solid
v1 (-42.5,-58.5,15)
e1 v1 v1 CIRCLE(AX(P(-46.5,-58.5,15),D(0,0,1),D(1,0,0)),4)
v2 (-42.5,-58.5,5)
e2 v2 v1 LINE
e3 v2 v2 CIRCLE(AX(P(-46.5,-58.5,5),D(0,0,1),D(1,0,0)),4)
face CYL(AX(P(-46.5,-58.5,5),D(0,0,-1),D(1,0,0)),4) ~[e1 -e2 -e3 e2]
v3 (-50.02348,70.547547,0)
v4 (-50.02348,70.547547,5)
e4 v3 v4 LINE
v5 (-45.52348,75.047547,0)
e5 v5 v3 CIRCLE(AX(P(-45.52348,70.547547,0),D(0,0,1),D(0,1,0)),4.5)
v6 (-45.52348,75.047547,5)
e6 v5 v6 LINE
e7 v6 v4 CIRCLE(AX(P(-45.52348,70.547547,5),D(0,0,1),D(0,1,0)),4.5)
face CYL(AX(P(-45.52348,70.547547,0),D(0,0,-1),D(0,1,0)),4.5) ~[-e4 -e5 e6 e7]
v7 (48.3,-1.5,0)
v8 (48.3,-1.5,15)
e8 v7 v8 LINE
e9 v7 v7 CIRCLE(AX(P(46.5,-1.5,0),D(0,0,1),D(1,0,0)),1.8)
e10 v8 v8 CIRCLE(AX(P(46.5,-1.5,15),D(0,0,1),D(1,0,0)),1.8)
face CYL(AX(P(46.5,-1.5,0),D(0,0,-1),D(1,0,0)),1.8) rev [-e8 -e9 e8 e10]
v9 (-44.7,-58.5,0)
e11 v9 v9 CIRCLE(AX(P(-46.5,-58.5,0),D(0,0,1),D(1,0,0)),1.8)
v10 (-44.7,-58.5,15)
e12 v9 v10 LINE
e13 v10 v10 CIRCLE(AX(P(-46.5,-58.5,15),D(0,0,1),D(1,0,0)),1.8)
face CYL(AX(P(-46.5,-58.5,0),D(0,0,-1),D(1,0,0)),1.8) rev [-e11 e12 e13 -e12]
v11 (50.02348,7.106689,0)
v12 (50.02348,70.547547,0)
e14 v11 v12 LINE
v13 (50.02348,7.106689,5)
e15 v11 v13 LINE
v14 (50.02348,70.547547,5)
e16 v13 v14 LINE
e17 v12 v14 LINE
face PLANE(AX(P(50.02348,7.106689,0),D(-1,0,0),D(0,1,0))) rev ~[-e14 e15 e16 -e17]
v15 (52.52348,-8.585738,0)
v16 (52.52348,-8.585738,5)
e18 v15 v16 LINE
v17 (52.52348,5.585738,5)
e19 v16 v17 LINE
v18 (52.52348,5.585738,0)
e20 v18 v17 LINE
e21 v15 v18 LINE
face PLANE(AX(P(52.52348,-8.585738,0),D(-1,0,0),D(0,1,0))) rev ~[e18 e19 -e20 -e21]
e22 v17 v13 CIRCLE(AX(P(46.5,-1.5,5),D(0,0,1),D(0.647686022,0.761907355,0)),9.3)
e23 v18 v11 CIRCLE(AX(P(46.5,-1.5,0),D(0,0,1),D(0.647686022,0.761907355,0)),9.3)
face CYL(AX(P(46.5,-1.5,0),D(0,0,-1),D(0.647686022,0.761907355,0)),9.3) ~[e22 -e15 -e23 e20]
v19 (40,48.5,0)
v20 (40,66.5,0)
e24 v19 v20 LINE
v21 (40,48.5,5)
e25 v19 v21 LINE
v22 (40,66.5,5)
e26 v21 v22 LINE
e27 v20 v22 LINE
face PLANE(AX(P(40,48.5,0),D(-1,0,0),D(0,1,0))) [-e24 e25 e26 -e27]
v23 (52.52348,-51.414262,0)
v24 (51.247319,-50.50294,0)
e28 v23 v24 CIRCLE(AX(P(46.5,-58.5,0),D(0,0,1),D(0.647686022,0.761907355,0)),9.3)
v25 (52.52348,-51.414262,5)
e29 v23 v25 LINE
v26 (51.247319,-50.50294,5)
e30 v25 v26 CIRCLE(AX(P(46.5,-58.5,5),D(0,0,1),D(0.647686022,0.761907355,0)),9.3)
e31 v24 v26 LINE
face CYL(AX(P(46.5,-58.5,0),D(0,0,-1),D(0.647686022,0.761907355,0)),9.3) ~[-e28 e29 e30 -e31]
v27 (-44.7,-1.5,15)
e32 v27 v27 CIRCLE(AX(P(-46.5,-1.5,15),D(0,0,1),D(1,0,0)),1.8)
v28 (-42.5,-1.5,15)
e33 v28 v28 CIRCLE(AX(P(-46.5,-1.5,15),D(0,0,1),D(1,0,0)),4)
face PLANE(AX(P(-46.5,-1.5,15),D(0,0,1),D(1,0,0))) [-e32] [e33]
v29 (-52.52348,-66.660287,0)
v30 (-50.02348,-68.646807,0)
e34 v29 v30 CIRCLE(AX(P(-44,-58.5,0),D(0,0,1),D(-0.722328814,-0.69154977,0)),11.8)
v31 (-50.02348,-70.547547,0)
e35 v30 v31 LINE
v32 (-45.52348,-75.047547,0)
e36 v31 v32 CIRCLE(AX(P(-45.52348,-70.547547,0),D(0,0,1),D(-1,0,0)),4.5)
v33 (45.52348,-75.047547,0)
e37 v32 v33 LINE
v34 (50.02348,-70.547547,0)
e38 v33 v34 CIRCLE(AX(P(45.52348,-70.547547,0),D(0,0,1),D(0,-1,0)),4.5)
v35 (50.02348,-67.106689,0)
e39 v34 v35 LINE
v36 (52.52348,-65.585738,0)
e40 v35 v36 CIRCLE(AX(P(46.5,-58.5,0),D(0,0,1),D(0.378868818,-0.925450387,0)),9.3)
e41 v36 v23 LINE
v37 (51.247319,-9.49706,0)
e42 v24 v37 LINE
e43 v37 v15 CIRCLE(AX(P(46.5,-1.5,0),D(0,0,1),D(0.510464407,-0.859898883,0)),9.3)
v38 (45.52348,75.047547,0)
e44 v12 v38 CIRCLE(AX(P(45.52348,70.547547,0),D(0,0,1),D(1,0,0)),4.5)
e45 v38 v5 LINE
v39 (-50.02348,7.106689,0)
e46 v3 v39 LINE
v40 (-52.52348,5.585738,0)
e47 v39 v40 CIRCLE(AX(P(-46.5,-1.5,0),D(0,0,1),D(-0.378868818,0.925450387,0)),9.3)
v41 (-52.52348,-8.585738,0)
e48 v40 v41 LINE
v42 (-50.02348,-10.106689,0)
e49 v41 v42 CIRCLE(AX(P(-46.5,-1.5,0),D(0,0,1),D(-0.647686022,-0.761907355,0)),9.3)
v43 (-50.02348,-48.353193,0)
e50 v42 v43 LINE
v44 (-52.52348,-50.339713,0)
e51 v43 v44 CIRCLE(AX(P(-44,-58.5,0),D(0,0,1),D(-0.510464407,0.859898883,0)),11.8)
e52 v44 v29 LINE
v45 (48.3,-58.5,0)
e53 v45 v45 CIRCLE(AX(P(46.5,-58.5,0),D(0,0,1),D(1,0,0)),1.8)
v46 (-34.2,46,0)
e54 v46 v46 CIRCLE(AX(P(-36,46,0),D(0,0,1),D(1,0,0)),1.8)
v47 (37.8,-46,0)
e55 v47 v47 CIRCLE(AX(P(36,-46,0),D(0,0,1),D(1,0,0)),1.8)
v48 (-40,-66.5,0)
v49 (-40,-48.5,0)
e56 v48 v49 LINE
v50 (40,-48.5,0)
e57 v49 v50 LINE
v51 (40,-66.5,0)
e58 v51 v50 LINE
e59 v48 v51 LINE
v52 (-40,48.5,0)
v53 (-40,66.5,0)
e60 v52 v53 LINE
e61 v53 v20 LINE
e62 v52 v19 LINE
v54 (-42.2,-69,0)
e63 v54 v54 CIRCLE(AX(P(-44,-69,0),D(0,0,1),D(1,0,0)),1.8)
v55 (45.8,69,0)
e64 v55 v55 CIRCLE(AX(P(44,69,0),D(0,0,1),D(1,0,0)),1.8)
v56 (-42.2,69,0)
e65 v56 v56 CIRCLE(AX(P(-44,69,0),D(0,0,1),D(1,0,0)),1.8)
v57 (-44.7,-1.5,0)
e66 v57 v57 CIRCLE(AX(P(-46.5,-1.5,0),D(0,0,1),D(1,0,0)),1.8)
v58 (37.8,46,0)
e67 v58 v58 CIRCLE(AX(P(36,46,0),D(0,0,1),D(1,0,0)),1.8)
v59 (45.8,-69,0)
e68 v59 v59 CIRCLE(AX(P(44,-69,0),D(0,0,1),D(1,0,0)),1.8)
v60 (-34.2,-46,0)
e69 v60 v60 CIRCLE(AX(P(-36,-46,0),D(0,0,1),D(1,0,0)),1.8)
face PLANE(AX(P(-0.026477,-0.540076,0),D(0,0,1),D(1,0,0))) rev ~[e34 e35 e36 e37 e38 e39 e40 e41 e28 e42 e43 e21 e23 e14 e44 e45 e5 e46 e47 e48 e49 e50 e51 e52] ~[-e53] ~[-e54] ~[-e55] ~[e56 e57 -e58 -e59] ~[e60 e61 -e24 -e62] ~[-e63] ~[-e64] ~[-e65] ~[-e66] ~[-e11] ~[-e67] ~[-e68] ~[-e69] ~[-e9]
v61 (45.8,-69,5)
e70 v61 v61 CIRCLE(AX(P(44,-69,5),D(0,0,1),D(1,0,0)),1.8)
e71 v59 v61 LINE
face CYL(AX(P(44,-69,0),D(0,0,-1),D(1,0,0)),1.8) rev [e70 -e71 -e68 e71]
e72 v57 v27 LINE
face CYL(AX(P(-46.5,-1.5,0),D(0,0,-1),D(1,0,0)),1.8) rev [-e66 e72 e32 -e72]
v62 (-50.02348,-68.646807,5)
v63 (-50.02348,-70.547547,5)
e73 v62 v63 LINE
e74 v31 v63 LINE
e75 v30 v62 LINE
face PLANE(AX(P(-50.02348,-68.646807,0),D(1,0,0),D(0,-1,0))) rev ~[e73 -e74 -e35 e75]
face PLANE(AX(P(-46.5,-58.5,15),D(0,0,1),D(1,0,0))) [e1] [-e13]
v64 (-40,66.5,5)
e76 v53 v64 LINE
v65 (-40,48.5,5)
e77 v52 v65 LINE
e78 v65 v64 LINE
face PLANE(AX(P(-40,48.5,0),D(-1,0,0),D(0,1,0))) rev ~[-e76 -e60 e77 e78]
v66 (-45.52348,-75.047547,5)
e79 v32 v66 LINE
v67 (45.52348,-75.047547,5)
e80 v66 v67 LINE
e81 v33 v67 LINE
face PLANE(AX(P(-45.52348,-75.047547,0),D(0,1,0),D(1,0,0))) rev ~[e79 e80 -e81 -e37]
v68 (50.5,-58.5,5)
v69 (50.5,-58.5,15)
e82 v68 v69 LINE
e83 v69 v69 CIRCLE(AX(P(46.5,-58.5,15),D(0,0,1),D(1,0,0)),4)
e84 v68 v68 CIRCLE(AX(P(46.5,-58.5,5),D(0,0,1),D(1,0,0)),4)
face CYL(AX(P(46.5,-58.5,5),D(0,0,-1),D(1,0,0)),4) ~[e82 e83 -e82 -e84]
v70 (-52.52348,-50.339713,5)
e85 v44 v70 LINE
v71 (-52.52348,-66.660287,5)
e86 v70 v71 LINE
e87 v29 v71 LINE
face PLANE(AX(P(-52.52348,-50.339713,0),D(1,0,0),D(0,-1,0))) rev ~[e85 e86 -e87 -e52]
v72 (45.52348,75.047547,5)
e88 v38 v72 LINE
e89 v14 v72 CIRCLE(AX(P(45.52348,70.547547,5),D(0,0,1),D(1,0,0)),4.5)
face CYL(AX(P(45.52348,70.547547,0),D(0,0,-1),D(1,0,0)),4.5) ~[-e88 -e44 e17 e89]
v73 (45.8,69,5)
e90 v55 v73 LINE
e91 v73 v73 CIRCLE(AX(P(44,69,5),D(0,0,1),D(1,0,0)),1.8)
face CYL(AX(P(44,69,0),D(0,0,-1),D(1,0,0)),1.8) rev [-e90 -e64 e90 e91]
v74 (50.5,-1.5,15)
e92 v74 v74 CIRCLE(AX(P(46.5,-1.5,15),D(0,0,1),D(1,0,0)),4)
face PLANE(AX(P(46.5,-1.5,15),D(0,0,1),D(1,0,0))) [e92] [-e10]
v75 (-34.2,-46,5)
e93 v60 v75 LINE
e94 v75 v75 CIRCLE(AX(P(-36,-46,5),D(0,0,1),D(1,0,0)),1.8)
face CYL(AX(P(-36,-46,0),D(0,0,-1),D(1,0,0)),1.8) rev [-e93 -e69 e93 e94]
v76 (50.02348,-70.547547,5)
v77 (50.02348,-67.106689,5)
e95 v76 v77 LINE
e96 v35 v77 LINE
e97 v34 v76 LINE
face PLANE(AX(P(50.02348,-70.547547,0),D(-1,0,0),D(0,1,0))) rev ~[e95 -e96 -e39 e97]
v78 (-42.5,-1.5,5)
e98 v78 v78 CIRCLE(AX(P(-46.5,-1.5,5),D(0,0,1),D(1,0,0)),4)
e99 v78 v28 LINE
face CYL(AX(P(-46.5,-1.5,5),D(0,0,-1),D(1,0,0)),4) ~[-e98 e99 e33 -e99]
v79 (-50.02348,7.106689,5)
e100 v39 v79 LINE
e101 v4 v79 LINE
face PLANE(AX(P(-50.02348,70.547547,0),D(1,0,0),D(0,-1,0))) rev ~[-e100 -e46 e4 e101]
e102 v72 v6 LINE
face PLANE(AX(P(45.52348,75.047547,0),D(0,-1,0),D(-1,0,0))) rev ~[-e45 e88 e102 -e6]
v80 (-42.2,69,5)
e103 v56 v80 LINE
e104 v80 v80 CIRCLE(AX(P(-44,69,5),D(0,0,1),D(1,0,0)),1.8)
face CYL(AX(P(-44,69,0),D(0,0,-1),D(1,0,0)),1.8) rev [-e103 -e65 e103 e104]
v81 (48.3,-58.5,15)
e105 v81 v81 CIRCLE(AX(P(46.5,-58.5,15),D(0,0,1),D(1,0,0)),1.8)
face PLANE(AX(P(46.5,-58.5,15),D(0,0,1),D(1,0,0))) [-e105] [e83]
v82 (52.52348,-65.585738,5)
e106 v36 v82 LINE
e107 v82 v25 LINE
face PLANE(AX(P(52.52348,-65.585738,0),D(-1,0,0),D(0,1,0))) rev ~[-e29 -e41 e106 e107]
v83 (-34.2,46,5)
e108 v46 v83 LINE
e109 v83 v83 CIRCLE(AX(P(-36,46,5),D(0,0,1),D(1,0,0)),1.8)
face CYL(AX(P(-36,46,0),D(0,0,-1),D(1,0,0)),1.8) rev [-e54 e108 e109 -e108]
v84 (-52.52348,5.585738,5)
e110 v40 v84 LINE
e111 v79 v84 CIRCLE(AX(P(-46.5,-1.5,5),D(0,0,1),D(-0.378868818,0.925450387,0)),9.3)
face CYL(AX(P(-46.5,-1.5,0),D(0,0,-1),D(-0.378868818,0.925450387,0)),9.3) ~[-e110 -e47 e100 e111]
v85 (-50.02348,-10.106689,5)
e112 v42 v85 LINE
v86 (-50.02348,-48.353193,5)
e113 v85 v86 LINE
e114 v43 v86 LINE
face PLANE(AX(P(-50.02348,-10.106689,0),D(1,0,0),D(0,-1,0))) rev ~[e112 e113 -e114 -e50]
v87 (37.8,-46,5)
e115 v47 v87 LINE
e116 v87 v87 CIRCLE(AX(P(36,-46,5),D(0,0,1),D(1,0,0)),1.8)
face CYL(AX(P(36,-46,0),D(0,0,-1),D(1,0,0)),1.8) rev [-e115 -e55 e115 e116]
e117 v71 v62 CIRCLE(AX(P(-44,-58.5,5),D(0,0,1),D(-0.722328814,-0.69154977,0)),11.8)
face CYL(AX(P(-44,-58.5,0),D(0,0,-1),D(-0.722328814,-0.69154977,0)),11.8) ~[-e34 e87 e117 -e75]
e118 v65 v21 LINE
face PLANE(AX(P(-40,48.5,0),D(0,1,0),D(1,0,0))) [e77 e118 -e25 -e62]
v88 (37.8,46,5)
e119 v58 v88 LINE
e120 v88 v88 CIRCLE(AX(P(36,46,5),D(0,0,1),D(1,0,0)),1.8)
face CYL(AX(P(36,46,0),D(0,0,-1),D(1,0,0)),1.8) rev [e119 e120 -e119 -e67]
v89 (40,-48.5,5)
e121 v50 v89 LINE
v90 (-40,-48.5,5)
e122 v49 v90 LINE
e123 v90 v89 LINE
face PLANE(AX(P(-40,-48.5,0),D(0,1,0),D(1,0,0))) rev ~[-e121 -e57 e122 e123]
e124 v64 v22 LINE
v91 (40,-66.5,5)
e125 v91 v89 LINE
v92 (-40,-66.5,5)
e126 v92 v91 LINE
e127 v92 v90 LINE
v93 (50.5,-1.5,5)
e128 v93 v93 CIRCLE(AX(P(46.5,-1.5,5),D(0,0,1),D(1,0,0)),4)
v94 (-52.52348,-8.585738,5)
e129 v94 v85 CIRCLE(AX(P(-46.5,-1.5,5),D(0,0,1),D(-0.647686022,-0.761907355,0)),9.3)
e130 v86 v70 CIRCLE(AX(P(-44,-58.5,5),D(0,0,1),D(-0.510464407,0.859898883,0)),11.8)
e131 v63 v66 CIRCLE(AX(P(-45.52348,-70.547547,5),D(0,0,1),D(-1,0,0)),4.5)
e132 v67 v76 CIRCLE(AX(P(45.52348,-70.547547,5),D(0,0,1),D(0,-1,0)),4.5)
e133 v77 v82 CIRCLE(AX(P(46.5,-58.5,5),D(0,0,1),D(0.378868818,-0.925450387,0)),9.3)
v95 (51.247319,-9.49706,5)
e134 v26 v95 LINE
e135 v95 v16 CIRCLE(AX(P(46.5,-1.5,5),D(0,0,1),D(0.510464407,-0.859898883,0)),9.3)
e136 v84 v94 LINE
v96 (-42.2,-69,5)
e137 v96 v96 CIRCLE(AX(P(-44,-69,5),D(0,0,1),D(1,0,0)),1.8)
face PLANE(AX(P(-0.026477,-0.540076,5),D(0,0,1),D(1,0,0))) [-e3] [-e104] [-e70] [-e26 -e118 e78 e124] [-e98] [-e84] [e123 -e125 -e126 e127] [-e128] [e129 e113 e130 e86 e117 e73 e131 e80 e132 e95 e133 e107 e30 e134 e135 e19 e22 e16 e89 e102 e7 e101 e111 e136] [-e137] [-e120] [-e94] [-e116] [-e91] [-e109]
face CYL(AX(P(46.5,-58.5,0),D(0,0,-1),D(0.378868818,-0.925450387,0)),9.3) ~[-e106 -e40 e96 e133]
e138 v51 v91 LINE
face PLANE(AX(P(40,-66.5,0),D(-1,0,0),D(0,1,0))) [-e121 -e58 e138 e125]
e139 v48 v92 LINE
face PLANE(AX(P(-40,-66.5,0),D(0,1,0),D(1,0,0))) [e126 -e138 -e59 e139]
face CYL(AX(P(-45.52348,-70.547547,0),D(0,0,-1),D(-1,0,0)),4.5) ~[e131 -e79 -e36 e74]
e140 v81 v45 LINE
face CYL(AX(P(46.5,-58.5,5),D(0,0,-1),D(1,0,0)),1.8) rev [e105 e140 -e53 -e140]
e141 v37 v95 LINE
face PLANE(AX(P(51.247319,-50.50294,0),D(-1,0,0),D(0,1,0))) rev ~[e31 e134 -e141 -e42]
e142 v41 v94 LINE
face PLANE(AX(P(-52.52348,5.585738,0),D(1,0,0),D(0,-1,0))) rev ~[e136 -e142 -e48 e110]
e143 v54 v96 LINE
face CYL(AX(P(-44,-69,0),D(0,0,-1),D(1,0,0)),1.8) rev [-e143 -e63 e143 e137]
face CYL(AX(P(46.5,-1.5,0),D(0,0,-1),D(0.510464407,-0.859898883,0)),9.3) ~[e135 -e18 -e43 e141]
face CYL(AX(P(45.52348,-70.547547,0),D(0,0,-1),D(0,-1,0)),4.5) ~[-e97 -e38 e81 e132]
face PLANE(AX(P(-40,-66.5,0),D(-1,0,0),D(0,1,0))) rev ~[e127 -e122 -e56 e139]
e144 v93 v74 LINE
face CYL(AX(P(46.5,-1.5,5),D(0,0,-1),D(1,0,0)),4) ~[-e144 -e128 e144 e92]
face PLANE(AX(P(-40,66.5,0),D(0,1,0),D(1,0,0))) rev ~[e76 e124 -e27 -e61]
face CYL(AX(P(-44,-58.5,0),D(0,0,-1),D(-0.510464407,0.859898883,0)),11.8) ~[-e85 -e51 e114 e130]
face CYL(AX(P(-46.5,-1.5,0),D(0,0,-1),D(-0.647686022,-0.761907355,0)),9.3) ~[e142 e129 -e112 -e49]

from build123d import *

# Parameters (mm, degrees)
F0_R     = 1.8
F0_W     = 80
F0_H     = 18
F1_DEPTH = 5
F2_R     = 4
F2_R_2   = 1.8
F3_DEPTH = 10


with BuildPart() as f1:
    # F0 (on Top) → F1 (new body)
    with BuildSketch(Plane.XY):
        with BuildLine():
            Line((-50.0234800036, -68.6468068202), (-50.0234800036, -70.5475468516))
            ThreePointArc((-50.0234800036, -70.5475468516), (-48.705460519, -73.7295273669), (-45.5234800036, -75.0475468516))
            Line((-45.5234800036, -75.0475468516), (45.5234800036, -75.0475468516))
            ThreePointArc((45.5234800036, -75.0475468516), (48.705460519, -73.7295273669), (50.0234800036, -70.5475468516))
            Line((50.0234800036, -70.5475468516), (50.0234800036, -67.1066886004))
            ThreePointArc((50.0234800036, -67.1066886004), (51.3336770397, -66.4451599276), (52.5234800036, -65.5857383981))
            Line((52.5234800036, -65.5857383981), (52.5234800036, -51.4142616019))
            ThreePointArc((52.5234800036, -51.4142616019), (51.9046419222, -50.9316550229), (51.2473189859, -50.5029403875))
            Line((51.2473189859, -50.5029403875), (51.2473189859, -9.4970596125))
            ThreePointArc((51.2473189859, -9.4970596125), (51.9046419222, -9.0683449771), (52.5234800036, -8.5857383981))
            Line((52.5234800036, -8.5857383981), (52.5234800036, 5.5857383981))
            ThreePointArc((52.5234800036, 5.5857383981), (51.3336770397, 6.4451599276), (50.0234800036, 7.1066886004))
            Line((50.0234800036, 7.1066886004), (50.0234800036, 70.5475468516))
            ThreePointArc((50.0234800036, 70.5475468516), (48.705460519, 73.7295273669), (45.5234800036, 75.0475468516))
            Line((45.5234800036, 75.0475468516), (-45.5234800036, 75.0475468516))
            ThreePointArc((-45.5234800036, 75.0475468516), (-48.705460519, 73.7295273669), (-50.0234800036, 70.5475468516))
            Line((-50.0234800036, 70.5475468516), (-50.0234800036, 7.1066886004))
            ThreePointArc((-50.0234800036, 7.1066886004), (-51.3336770397, 6.4451599276), (-52.5234800036, 5.5857383981))
            Line((-52.5234800036, 5.5857383981), (-52.5234800036, -8.5857383981))
            ThreePointArc((-52.5234800036, -8.5857383981), (-51.3336770397, -9.4451599276), (-50.0234800036, -10.1066886004))
            Line((-50.0234800036, -10.1066886004), (-50.0234800036, -48.3531931798))
            ThreePointArc((-50.0234800036, -48.3531931798), (-51.3409860595, -49.2614977581), (-52.5234800036, -50.3397127117))
            Line((-52.5234800036, -50.3397127117), (-52.5234800036, -66.6602872883))
            ThreePointArc((-52.5234800036, -66.6602872883), (-51.3409860595, -67.7385022419), (-50.0234800036, -68.6468068202))
        make_face()
        with Locations((-44, -69)):
            Circle(F0_R, mode=Mode.SUBTRACT)
        with Locations((-46.5, -58.5)):
            Circle(F0_R, mode=Mode.SUBTRACT)
        with Locations((-36, -46)):
            Circle(F0_R, mode=Mode.SUBTRACT)
        with Locations((-46.5, -1.5)):
            Circle(F0_R, mode=Mode.SUBTRACT)
        with Locations((0, -57.5)):
            Rectangle(F0_W, F0_H, mode=Mode.SUBTRACT)
        with Locations((44, -69)):
            Circle(F0_R, mode=Mode.SUBTRACT)
        with Locations((46.5, -58.5)):
            Circle(F0_R, mode=Mode.SUBTRACT)
        with Locations((36, -46)):
            Circle(F0_R, mode=Mode.SUBTRACT)
        with Locations((46.5, -1.5)):
            Circle(F0_R, mode=Mode.SUBTRACT)
        with Locations((-36, 46)):
            Circle(F0_R, mode=Mode.SUBTRACT)
        with Locations((-44, 69)):
            Circle(F0_R, mode=Mode.SUBTRACT)
        with Locations((0, 57.5)):
            Rectangle(F0_W, F0_H, mode=Mode.SUBTRACT)
        with Locations((36, 46)):
            Circle(F0_R, mode=Mode.SUBTRACT)
        with Locations((44, 69)):
            Circle(F0_R, mode=Mode.SUBTRACT)
    extrude(amount=F1_DEPTH)

    # F2 (on face) → F3 (join)
    with BuildSketch(Plane.XY.offset(5)):
        with Locations((46.5, -58.5)):
            Circle(F2_R)
        with Locations((46.5, -58.5)):
            Circle(F2_R_2, mode=Mode.SUBTRACT)
        with Locations((-46.5, -58.5)):
            Circle(F2_R)
        with Locations((-46.5, -58.5)):
            Circle(F2_R_2, mode=Mode.SUBTRACT)
        with Locations((-46.5, -1.5)):
            Circle(F2_R)
        with Locations((-46.5, -1.5)):
            Circle(F2_R_2, mode=Mode.SUBTRACT)
        with Locations((46.5, -1.5)):
            Circle(F2_R)
        with Locations((46.5, -1.5)):
            Circle(F2_R_2, mode=Mode.SUBTRACT)
    extrude(amount=F3_DEPTH)


solid = f1.part
